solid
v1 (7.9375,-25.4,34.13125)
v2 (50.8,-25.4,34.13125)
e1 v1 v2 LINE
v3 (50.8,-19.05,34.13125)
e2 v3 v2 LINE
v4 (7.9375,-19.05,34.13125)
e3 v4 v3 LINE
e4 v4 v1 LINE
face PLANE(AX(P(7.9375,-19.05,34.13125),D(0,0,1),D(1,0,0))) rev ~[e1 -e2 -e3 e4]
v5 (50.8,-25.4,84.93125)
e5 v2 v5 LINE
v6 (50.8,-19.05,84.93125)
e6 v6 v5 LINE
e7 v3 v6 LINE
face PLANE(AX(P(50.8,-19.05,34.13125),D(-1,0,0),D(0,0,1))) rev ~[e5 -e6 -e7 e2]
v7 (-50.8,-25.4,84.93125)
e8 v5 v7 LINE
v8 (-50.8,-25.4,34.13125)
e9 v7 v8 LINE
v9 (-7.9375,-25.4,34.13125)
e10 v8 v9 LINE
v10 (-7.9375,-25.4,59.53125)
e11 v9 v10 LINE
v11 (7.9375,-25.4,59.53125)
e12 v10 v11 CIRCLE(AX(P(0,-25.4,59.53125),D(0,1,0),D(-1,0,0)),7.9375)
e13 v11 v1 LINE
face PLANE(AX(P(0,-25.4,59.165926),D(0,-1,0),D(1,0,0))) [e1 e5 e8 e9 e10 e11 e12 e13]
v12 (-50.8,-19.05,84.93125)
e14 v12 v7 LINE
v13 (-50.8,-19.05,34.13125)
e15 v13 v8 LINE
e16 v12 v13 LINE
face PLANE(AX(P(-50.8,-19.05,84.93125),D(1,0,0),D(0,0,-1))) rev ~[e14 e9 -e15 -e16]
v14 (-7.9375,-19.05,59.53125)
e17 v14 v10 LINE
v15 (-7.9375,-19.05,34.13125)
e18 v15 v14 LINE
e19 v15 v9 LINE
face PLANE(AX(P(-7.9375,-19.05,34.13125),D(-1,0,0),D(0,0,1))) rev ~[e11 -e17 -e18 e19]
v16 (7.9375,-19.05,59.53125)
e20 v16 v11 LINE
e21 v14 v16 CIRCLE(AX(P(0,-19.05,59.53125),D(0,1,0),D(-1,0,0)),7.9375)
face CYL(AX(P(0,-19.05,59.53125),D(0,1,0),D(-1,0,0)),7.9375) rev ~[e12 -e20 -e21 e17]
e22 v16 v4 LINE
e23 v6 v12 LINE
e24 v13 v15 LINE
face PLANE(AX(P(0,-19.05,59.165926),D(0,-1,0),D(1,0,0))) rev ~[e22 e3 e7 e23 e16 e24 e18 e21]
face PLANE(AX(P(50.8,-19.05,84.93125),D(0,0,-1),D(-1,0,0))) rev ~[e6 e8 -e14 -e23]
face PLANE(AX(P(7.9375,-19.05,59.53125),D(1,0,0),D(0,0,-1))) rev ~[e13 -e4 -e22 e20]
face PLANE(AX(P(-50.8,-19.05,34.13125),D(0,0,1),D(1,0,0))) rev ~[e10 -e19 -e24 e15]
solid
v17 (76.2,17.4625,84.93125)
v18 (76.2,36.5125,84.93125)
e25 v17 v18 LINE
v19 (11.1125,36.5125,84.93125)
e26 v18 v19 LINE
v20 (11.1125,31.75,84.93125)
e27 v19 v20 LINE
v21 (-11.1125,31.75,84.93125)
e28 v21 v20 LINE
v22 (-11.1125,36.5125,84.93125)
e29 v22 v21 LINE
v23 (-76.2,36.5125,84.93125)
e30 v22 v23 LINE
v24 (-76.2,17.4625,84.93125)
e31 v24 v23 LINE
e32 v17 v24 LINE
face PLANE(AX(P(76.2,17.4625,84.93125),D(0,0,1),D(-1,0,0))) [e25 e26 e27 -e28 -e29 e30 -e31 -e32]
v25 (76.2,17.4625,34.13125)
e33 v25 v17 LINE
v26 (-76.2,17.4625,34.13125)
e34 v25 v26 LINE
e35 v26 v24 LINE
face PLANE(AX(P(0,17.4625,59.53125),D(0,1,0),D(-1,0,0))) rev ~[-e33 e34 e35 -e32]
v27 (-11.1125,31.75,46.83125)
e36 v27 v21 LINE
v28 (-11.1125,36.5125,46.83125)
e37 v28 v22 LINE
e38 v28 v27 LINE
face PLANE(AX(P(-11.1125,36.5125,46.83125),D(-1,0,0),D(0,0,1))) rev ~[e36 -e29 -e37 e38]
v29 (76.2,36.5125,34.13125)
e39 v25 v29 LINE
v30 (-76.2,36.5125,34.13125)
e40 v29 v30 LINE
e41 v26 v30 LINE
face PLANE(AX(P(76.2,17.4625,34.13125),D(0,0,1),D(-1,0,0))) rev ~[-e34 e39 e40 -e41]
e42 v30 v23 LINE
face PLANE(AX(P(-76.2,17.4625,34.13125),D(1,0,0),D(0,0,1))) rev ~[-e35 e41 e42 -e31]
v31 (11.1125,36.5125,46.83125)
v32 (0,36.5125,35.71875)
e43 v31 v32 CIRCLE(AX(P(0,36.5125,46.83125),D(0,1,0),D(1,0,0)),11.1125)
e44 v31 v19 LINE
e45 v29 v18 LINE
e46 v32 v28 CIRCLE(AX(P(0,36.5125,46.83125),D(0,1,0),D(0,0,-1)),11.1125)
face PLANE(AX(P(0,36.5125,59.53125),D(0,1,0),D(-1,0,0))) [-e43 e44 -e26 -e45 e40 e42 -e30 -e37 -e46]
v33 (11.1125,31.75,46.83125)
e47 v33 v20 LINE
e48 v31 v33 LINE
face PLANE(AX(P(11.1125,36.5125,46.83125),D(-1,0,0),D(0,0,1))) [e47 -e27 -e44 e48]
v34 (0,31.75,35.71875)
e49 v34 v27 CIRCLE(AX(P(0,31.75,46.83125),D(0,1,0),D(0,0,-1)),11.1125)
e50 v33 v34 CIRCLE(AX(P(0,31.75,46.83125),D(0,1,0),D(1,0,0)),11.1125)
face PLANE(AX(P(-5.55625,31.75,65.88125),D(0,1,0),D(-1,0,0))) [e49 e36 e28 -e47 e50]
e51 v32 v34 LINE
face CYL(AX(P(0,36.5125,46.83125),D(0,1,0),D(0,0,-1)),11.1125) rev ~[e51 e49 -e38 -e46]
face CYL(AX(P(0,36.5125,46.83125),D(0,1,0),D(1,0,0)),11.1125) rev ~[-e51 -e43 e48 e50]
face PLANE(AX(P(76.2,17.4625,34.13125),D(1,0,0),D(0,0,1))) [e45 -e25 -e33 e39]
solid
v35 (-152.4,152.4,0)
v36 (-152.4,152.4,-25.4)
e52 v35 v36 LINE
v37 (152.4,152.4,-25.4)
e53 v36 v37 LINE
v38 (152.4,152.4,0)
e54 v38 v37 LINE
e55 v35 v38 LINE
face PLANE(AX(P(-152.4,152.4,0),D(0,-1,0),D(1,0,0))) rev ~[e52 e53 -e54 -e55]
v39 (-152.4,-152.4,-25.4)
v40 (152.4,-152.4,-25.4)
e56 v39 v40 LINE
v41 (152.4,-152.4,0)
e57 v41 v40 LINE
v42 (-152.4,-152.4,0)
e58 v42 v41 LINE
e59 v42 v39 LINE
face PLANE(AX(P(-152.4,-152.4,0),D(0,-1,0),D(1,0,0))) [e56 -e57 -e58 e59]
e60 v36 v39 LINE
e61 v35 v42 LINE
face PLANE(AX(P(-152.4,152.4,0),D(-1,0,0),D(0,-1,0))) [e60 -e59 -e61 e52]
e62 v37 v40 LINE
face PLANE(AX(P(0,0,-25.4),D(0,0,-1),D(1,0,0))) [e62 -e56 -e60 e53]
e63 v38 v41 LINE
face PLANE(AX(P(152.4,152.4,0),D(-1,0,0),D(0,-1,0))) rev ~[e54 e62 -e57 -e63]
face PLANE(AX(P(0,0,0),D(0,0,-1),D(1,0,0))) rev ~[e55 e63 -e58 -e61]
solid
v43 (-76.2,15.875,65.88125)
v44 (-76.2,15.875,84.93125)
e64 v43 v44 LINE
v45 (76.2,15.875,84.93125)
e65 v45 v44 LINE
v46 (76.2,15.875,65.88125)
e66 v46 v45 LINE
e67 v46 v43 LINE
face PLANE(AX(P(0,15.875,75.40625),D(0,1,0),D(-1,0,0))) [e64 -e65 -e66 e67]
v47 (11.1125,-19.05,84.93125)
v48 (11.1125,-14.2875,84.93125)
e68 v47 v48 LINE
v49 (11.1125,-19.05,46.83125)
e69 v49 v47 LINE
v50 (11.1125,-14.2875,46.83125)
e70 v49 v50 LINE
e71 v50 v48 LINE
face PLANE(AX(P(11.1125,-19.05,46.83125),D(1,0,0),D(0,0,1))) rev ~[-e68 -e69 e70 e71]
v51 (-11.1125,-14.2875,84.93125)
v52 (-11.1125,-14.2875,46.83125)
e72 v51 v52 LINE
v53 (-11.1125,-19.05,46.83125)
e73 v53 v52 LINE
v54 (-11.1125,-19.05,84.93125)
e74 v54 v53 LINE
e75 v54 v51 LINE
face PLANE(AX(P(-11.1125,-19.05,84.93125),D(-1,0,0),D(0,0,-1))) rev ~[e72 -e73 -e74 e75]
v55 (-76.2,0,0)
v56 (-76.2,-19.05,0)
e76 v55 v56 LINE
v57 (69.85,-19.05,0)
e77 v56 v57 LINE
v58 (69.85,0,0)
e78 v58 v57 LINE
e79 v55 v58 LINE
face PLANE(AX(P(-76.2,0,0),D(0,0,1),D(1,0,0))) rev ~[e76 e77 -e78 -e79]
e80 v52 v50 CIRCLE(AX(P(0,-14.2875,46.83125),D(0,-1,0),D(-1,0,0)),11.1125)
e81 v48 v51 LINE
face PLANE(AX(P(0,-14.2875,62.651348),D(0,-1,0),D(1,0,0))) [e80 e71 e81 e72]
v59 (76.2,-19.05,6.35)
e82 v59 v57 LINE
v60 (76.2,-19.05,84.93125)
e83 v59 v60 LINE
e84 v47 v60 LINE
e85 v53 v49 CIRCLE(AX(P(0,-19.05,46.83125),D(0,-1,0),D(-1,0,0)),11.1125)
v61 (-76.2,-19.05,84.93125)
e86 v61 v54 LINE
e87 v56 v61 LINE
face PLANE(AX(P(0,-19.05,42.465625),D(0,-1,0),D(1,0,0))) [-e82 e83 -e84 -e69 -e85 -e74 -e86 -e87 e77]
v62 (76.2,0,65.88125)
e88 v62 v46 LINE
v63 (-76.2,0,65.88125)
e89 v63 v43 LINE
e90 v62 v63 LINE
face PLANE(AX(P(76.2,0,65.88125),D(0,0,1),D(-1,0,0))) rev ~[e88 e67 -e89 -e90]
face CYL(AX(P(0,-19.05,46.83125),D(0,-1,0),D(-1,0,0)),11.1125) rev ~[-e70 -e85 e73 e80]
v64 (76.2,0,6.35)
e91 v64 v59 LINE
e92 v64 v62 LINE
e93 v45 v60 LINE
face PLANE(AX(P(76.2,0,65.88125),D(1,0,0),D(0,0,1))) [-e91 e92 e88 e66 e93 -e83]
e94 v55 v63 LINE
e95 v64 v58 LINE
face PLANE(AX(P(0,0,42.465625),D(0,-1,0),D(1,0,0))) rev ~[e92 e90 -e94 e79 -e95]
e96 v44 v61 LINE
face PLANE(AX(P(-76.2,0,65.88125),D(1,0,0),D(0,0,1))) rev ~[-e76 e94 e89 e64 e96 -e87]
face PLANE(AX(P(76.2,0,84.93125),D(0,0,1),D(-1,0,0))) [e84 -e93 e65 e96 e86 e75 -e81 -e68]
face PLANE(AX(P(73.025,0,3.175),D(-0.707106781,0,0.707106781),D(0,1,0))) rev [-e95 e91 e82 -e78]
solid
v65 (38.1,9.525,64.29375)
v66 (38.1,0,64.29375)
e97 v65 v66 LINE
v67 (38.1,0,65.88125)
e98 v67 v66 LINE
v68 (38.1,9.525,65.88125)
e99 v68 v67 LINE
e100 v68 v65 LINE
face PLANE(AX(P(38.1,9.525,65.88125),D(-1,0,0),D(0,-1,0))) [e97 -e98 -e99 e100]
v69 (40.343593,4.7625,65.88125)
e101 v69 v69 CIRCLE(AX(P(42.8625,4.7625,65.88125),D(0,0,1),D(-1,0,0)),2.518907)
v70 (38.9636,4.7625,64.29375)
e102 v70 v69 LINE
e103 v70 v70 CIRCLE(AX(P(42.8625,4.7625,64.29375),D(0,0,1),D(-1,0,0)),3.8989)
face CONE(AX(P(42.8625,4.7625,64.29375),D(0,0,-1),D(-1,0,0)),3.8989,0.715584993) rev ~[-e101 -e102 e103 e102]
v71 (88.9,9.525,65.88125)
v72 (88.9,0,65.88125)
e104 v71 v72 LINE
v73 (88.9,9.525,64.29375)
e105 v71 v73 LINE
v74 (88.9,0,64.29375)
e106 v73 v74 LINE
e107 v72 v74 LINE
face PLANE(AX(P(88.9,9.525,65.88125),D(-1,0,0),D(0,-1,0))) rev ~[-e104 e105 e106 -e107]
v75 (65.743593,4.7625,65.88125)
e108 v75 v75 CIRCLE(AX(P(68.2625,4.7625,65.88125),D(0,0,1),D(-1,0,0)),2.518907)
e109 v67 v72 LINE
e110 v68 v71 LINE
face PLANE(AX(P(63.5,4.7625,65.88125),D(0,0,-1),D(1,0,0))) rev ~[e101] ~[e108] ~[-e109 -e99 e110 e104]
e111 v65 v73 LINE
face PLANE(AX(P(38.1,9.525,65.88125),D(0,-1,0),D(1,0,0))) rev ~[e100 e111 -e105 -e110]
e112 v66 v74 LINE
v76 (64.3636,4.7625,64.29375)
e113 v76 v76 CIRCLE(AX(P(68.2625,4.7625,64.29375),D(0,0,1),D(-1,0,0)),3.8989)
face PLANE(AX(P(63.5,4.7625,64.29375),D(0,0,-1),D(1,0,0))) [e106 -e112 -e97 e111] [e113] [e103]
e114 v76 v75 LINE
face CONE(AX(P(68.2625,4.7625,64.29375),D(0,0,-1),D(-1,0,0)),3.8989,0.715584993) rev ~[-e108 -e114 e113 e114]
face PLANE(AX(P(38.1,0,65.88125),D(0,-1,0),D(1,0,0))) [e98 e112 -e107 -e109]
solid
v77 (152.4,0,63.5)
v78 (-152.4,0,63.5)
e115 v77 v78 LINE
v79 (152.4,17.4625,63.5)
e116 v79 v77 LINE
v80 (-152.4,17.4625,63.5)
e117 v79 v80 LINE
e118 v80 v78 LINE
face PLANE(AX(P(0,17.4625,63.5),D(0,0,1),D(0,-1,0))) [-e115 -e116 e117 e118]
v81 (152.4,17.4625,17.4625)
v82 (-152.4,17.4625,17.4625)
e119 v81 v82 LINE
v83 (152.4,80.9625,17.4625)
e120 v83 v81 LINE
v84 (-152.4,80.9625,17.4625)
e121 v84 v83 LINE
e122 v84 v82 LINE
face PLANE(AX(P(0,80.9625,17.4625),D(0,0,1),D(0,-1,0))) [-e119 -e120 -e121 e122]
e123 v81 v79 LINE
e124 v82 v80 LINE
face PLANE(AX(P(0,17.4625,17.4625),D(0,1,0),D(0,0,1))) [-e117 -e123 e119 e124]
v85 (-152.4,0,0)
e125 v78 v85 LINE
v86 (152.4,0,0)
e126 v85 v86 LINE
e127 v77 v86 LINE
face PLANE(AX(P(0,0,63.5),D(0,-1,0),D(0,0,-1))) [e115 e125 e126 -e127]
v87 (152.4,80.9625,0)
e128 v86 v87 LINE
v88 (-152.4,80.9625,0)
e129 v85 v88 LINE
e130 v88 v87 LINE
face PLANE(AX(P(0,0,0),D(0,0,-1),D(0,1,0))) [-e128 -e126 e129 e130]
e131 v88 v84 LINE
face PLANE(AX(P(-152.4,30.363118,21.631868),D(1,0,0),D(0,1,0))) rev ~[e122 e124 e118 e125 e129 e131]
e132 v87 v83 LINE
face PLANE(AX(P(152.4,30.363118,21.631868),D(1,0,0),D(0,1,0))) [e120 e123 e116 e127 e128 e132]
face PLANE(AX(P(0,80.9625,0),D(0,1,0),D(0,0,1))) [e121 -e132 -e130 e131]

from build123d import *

# Parameters (mm, degrees)
F1_DEPTH        = 152.4
F2_W            = 304.8
F2_H            = 304.8
F3_DEPTH        = 25.4
F4_W            = 152.4
F4_H            = 84.93125
F5_DEPTH        = 19.05
F6_W            = 152.4
F6_H            = 19.05
F7_DEPTH        = 15.875
F8_W            = 152.4
F8_H            = 50.8
F9_DEPTH        = 19.05
F10_SIZE        = 6.35
F11_W           = 50.8
F11_H           = 9.525
F12_DEPTH       = 1.5875
F14_D           = 3.7973
F14_CSINK_D     = 7.7978
F14_CSINK_ANGLE = 82
F16_DEPTH       = 4.7625
F17_W           = 11.1125
F17_H           = 38.1
F18_DEPTH       = 4.7625
F20_DEPTH       = 6.35


with BuildPart() as f1:
    # F0 (on Right) → F1 (new body, symmetric)
    with BuildSketch(Plane.YZ):
        Polygon((0, 63.5), (0, 0), (80.9625, 0), (80.9625, 17.4625), (17.4625, 17.4625), (17.4625, 63.5), align=None)
    extrude(amount=F1_DEPTH, both=True)


with BuildPart() as f3:
    # F2 (on face) → F3 (new body)
    with BuildSketch(Plane(origin=(0, 0, 0), x_dir=(1, 0, 0), z_dir=(0, 0, -1))):
        Rectangle(F2_W, F2_H)
    extrude(amount=F3_DEPTH)


with BuildPart() as f5:
    # F4 (on face) → F5 (new body)
    with BuildSketch(Plane.XZ):
        with Locations((0, 42.465625)):
            Rectangle(F4_W, F4_H)
    extrude(amount=F5_DEPTH)

    # F6 (on face) → F7 (join)
    with BuildSketch(Plane(origin=(0, 0, 0), x_dir=(-1, 0, 0), z_dir=(0, 1, 0))):
        with Locations((0, 75.40625)):
            Rectangle(F6_W, F6_H)
    extrude(amount=F7_DEPTH)

    # F10
    f10_edges = [f5.edges().sort_by_distance(p)[0] for p in [
        (76.2, -9.525, 0),
    ]]
    chamfer(f10_edges, length=F10_SIZE)

    # F15 (on face) → F16 (cut)
    with BuildSketch(Plane.XZ.offset(19.05)):
        with BuildLine():
            Line((11.1125, 84.93125), (-11.1125, 84.93125))
            Line((-11.1125, 84.93125), (-11.1125, 46.83125))
            ThreePointArc((-11.1125, 46.83125), (0, 35.71875), (11.1125, 46.83125))
            Line((11.1125, 46.83125), (11.1125, 84.93125))
        make_face()
    extrude(amount=-F16_DEPTH, mode=Mode.SUBTRACT)


with BuildPart() as f9:
    # F8 (on face) → F9 (new body)
    with BuildSketch(Plane(origin=(0, 17.4625, 0), x_dir=(-1, 0, 0), z_dir=(0, 1, 0))):
        with Locations((0, 59.53125)):
            Rectangle(F8_W, F8_H)
    extrude(amount=F9_DEPTH)

    # F17 (on face) → F18 (cut)
    with BuildSketch(Plane(origin=(0, 36.5125, 0), x_dir=(-1, 0, 0), z_dir=(0, 1, 0))):
        with Locations((5.55625, 65.88125)):
            Rectangle(F17_W, F17_H)
        with Locations((-5.55625, 65.88125)):
            Rectangle(F17_W, F17_H)
        with BuildLine():
            ThreePointArc((0, 35.71875), (7.8577241059, 38.9735258941), (11.1125, 46.83125))
            Line((11.1125, 46.83125), (0, 46.83125))
            Line((0, 46.83125), (0, 35.71875))
        make_face()
        with BuildLine():
            Line((0, 35.71875), (0, 46.83125))
            Line((0, 46.83125), (-11.1125, 46.83125))
            ThreePointArc((-11.1125, 46.83125), (-7.8577241059, 38.9735258941), (0, 35.71875))
        make_face()
    extrude(amount=-F18_DEPTH, mode=Mode.SUBTRACT)


with BuildPart() as f12:
    # F11 (on face) → F12 (new body)
    with BuildSketch(Plane(origin=(0, 0, 65.88125), x_dir=(1, 0, 0), z_dir=(0, 0, -1))):
        with Locations((63.5, -4.7625)):
            Rectangle(F11_W, F11_H)
    extrude(amount=F12_DEPTH)

    # F14 (through all)
    with Locations(Plane(origin=(0, 0, 64.29375), x_dir=(1, 0, 0), z_dir=(0, 0, -1))):
        with Locations((42.8625, -4.7625), (68.2625, -4.7625)):
            CounterSinkHole(F14_D / 2, F14_CSINK_D / 2, counter_sink_angle=F14_CSINK_ANGLE)


with BuildPart() as f20:
    # F19 (on face) → F20 (new body)
    with BuildSketch(Plane.XZ.offset(19.05)):
        with BuildLine():
            Line((50.8, 34.13125), (50.8, 84.93125))
            Line((50.8, 84.93125), (-50.8, 84.93125))
            Line((-50.8, 84.93125), (-50.8, 34.13125))
            Line((-50.8, 34.13125), (-7.9375, 34.13125))
            Line((-7.9375, 34.13125), (-7.9375, 59.53125))
            ThreePointArc((-7.9375, 59.53125), (0, 67.46875), (7.9375, 59.53125))
            Line((7.9375, 59.53125), (7.9375, 34.13125))
            Line((7.9375, 34.13125), (50.8, 34.13125))
        make_face()
    extrude(amount=F20_DEPTH)


solid = Compound([f1.part, f3.part, f5.part, f9.part, f12.part, f20.part])
